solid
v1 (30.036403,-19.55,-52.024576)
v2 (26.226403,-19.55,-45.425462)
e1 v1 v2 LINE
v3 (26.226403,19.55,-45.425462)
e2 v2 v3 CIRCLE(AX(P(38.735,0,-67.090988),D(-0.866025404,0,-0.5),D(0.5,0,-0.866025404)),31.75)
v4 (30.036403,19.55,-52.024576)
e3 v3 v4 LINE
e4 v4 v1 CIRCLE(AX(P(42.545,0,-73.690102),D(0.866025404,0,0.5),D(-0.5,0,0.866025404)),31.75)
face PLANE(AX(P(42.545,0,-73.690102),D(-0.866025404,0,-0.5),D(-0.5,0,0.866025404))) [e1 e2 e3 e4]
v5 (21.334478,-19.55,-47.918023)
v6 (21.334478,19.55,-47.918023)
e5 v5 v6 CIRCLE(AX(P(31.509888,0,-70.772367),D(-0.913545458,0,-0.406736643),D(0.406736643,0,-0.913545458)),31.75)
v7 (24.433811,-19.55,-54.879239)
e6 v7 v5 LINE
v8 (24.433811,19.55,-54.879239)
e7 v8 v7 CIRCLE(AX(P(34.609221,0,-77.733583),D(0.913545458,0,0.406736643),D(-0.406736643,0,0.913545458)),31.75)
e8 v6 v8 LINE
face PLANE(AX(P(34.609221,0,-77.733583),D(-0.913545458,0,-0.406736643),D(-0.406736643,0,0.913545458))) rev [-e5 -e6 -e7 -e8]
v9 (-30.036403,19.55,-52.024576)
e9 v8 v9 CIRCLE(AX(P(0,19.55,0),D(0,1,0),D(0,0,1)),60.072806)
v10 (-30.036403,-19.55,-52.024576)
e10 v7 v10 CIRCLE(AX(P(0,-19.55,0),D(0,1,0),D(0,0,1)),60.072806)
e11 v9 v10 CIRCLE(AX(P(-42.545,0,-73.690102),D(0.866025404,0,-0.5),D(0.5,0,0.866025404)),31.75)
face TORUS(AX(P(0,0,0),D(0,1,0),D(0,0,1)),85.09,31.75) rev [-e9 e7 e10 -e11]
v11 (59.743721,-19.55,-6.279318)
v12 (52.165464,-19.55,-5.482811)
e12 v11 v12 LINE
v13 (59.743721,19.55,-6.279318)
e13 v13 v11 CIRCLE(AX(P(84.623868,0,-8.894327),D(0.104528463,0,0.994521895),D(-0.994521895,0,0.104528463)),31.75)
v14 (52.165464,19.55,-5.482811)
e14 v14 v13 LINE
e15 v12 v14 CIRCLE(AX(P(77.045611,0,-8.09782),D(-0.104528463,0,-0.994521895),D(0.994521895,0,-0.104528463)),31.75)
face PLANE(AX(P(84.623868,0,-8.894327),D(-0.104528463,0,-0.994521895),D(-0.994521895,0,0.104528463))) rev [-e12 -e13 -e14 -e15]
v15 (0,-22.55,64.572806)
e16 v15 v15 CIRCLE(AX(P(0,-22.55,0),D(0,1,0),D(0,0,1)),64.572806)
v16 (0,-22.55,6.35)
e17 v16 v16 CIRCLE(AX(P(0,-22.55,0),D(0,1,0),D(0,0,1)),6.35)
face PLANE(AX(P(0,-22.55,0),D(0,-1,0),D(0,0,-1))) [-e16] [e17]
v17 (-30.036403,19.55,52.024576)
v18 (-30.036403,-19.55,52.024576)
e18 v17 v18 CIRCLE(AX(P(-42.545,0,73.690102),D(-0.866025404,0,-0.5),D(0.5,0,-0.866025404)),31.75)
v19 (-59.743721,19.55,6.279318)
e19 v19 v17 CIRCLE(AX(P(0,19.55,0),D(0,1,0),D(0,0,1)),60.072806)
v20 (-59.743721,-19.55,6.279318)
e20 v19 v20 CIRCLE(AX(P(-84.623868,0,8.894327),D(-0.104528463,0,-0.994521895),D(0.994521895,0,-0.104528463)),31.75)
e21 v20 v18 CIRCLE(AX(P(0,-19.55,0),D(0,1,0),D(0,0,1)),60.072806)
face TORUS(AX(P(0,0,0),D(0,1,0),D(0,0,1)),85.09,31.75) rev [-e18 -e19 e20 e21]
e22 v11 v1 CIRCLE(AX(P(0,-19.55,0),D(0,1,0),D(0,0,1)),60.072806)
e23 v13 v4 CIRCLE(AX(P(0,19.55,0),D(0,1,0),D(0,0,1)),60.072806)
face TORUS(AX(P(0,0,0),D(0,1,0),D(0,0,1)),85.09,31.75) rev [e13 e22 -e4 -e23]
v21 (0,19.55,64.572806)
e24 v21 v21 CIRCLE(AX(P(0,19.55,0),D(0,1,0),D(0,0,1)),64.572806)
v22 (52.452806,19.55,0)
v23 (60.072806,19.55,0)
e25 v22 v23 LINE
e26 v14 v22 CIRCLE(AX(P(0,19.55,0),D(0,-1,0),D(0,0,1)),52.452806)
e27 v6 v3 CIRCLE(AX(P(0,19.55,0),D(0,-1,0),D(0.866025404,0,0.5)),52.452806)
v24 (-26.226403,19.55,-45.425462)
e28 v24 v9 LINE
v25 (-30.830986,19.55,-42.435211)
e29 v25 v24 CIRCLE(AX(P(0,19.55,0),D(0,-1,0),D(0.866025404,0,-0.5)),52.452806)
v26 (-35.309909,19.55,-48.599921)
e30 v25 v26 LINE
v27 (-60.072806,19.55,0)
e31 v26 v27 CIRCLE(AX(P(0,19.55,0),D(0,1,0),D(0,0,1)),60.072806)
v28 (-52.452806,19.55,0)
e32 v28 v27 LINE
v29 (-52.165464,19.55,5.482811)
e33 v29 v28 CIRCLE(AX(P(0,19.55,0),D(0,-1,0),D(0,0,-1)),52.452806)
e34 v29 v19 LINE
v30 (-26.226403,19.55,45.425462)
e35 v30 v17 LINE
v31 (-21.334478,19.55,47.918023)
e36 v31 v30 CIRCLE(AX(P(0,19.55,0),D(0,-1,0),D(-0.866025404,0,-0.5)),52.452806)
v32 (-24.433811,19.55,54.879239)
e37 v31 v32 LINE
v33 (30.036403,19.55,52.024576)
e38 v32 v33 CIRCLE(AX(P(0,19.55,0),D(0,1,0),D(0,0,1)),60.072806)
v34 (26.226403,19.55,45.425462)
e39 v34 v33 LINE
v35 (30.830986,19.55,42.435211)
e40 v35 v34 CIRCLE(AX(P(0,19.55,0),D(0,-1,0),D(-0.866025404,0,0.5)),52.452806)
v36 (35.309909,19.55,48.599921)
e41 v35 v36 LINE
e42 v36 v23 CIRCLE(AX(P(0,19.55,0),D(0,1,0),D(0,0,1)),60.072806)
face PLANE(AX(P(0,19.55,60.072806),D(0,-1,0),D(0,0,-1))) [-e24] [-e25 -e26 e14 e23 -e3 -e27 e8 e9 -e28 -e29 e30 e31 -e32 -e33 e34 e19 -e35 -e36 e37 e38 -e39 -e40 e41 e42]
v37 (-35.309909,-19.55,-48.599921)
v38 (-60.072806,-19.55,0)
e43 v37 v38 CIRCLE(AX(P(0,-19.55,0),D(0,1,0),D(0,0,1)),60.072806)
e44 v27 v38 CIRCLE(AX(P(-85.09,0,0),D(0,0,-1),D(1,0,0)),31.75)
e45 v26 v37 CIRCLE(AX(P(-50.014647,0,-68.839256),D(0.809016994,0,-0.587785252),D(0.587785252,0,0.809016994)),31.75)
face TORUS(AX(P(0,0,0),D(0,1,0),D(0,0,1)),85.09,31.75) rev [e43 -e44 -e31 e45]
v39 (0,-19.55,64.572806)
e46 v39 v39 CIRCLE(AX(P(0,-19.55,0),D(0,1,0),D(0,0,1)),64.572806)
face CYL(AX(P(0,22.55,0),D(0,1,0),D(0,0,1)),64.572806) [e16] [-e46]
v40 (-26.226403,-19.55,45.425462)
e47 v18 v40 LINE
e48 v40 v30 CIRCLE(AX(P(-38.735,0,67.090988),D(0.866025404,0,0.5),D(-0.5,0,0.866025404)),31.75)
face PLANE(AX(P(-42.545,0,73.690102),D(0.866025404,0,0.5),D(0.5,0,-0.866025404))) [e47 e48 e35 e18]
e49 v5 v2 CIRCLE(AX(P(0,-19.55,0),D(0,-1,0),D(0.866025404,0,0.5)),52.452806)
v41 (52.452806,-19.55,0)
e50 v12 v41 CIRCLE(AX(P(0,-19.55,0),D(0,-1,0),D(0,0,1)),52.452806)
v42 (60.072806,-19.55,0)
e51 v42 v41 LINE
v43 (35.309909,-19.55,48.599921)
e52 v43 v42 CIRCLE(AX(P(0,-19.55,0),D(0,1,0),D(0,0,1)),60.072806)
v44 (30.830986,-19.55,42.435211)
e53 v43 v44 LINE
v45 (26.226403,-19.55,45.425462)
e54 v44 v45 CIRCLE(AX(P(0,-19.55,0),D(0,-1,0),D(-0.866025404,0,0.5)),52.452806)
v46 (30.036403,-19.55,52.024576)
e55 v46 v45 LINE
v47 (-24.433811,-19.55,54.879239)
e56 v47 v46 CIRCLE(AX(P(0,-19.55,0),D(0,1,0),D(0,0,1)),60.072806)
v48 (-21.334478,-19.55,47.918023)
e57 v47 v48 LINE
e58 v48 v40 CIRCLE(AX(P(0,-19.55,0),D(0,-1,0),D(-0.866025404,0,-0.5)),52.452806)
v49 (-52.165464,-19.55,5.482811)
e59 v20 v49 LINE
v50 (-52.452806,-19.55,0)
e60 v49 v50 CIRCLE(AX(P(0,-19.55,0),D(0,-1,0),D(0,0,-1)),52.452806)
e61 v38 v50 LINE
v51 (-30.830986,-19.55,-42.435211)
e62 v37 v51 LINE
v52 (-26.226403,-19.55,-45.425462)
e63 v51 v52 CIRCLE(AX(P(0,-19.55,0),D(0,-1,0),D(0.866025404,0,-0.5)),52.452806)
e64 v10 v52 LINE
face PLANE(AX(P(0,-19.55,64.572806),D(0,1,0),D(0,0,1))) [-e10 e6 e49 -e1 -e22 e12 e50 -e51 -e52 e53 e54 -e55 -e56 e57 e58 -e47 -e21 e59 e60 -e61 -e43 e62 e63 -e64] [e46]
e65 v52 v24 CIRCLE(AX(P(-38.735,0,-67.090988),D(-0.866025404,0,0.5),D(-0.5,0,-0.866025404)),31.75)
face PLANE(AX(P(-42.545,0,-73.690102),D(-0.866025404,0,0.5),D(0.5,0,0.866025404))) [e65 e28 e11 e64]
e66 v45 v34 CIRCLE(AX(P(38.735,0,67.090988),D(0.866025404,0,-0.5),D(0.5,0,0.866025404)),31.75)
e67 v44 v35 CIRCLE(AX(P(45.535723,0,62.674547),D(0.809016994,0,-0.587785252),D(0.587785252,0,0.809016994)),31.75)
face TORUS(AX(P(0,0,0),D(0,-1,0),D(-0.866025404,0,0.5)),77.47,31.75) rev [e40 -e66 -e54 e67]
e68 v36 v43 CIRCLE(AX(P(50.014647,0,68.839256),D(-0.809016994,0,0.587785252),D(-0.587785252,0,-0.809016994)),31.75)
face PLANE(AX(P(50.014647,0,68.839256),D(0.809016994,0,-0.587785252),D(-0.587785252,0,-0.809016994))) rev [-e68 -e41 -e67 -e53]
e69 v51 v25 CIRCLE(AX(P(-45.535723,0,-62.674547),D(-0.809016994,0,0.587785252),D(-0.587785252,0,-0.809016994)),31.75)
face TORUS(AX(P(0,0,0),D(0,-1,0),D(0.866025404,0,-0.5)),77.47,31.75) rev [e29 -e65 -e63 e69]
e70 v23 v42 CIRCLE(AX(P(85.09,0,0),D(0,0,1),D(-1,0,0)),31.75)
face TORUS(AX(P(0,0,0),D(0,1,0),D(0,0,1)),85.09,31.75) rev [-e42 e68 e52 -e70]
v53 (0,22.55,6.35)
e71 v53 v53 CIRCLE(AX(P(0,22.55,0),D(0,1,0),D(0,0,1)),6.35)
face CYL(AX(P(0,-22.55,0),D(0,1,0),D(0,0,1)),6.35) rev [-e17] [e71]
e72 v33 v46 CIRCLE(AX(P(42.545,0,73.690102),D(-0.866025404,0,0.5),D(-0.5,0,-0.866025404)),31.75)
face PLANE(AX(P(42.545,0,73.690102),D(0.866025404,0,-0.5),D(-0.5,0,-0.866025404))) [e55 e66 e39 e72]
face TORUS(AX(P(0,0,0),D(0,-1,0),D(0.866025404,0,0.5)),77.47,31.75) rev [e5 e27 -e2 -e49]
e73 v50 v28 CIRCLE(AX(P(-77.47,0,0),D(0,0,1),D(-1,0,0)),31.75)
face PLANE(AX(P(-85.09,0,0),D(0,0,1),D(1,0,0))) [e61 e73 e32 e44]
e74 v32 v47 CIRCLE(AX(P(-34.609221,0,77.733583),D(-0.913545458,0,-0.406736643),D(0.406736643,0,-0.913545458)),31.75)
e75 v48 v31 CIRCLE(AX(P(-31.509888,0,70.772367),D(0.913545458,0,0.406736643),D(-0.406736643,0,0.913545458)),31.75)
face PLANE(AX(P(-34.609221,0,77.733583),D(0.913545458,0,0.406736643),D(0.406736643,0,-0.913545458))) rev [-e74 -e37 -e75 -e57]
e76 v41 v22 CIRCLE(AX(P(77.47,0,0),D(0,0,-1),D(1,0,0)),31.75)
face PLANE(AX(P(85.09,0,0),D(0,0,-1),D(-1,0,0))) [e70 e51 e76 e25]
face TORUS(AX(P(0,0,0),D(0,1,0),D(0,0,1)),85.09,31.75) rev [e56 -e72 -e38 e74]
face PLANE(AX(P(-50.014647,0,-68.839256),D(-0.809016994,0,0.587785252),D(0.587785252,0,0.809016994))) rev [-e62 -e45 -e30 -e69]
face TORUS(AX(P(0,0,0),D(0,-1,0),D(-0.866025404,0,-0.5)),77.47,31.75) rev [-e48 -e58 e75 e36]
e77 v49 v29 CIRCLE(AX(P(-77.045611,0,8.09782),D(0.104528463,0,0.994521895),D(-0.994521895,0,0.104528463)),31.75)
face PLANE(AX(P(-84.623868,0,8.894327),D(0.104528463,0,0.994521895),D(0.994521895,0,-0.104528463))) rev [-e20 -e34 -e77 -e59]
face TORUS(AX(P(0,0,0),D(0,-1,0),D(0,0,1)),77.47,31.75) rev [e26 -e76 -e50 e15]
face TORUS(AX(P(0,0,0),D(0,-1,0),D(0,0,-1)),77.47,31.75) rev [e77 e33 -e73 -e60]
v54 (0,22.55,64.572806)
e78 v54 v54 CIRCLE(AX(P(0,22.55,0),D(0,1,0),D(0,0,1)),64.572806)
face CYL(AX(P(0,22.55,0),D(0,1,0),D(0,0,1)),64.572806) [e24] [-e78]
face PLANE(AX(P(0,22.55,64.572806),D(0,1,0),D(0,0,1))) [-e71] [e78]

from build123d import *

# Parameters (mm, degrees)
SKETCH3_R          = 6.35
CUT_EXTRUDE1_DEPTH = 102.849420847
CUT_REVOLVE5_ANGLE = 6
CIRPATTERN1_COUNT  = 6


with BuildPart() as part:
    # Sketch1 → Revolve1 (revolve)
    with BuildSketch(Plane(origin=(0, 0, 0), x_dir=(0, 0, -1), z_dir=(1, 0, 0))):
        with BuildLine():
            Line((-60.072805913, 19.55), (-64.572805913, 19.55))
            Line((-64.572805913, 19.55), (-64.572805913, 22.55))
            Line((-64.572805913, 22.55), (0, 22.55))
            Line((0, 22.55), (0, -22.55))
            Line((0, -22.55), (-64.572805913, -22.55))
            Line((-64.572805913, -22.55), (-64.572805913, -19.55))
            Line((-64.572805913, -19.55), (-60.072805913, -19.55))
            ThreePointArc((-60.072805913, -19.55), (-53.34, 0), (-60.072805913, 19.55))
        make_face()
    revolve(axis=Axis((0, 22.55, 0), (0, -1, 0)))

    # Sketch3 → Cut-Extrude1 (cut, through all)
    with BuildSketch(Plane(origin=(0, 22.55, 0), x_dir=(1, 0, 0), z_dir=(0, 1, 0))):
        with Locations(Location((0, 0, 0), (0, 0, 270))):
            Circle(SKETCH3_R)
    extrude(amount=-CUT_EXTRUDE1_DEPTH, mode=Mode.SUBTRACT)

    # Sketch4 → Cut-Revolve5 (revolve, cut)
    with BuildSketch(Plane.XY):
        with BuildLine():
            Line((-60.072805913, 19.55), (-52.452805913, 19.55))
            ThreePointArc((-52.452805913, 19.55), (-45.72, 0), (-52.452805913, -19.55))
            Line((-52.452805913, -19.55), (-60.072805913, -19.55))
            ThreePointArc((-60.072805913, -19.55), (-53.34, 0), (-60.072805913, 19.55))
        make_face()
    cut_revolve5 = revolve(axis=Axis((0, 0, 0), (0, 1, 0)), revolution_arc=CUT_REVOLVE5_ANGLE, mode=Mode.SUBTRACT)

    # CirPattern1: Cut-Revolve5 ×6 about axis
    cirpattern1_axis = Axis((0, 0, 0), (0, 1, 0))
    for i in range(1, CIRPATTERN1_COUNT):
        add(cut_revolve5.rotate(cirpattern1_axis, i * 360 / CIRPATTERN1_COUNT), mode=Mode.SUBTRACT)


solid = part.part
